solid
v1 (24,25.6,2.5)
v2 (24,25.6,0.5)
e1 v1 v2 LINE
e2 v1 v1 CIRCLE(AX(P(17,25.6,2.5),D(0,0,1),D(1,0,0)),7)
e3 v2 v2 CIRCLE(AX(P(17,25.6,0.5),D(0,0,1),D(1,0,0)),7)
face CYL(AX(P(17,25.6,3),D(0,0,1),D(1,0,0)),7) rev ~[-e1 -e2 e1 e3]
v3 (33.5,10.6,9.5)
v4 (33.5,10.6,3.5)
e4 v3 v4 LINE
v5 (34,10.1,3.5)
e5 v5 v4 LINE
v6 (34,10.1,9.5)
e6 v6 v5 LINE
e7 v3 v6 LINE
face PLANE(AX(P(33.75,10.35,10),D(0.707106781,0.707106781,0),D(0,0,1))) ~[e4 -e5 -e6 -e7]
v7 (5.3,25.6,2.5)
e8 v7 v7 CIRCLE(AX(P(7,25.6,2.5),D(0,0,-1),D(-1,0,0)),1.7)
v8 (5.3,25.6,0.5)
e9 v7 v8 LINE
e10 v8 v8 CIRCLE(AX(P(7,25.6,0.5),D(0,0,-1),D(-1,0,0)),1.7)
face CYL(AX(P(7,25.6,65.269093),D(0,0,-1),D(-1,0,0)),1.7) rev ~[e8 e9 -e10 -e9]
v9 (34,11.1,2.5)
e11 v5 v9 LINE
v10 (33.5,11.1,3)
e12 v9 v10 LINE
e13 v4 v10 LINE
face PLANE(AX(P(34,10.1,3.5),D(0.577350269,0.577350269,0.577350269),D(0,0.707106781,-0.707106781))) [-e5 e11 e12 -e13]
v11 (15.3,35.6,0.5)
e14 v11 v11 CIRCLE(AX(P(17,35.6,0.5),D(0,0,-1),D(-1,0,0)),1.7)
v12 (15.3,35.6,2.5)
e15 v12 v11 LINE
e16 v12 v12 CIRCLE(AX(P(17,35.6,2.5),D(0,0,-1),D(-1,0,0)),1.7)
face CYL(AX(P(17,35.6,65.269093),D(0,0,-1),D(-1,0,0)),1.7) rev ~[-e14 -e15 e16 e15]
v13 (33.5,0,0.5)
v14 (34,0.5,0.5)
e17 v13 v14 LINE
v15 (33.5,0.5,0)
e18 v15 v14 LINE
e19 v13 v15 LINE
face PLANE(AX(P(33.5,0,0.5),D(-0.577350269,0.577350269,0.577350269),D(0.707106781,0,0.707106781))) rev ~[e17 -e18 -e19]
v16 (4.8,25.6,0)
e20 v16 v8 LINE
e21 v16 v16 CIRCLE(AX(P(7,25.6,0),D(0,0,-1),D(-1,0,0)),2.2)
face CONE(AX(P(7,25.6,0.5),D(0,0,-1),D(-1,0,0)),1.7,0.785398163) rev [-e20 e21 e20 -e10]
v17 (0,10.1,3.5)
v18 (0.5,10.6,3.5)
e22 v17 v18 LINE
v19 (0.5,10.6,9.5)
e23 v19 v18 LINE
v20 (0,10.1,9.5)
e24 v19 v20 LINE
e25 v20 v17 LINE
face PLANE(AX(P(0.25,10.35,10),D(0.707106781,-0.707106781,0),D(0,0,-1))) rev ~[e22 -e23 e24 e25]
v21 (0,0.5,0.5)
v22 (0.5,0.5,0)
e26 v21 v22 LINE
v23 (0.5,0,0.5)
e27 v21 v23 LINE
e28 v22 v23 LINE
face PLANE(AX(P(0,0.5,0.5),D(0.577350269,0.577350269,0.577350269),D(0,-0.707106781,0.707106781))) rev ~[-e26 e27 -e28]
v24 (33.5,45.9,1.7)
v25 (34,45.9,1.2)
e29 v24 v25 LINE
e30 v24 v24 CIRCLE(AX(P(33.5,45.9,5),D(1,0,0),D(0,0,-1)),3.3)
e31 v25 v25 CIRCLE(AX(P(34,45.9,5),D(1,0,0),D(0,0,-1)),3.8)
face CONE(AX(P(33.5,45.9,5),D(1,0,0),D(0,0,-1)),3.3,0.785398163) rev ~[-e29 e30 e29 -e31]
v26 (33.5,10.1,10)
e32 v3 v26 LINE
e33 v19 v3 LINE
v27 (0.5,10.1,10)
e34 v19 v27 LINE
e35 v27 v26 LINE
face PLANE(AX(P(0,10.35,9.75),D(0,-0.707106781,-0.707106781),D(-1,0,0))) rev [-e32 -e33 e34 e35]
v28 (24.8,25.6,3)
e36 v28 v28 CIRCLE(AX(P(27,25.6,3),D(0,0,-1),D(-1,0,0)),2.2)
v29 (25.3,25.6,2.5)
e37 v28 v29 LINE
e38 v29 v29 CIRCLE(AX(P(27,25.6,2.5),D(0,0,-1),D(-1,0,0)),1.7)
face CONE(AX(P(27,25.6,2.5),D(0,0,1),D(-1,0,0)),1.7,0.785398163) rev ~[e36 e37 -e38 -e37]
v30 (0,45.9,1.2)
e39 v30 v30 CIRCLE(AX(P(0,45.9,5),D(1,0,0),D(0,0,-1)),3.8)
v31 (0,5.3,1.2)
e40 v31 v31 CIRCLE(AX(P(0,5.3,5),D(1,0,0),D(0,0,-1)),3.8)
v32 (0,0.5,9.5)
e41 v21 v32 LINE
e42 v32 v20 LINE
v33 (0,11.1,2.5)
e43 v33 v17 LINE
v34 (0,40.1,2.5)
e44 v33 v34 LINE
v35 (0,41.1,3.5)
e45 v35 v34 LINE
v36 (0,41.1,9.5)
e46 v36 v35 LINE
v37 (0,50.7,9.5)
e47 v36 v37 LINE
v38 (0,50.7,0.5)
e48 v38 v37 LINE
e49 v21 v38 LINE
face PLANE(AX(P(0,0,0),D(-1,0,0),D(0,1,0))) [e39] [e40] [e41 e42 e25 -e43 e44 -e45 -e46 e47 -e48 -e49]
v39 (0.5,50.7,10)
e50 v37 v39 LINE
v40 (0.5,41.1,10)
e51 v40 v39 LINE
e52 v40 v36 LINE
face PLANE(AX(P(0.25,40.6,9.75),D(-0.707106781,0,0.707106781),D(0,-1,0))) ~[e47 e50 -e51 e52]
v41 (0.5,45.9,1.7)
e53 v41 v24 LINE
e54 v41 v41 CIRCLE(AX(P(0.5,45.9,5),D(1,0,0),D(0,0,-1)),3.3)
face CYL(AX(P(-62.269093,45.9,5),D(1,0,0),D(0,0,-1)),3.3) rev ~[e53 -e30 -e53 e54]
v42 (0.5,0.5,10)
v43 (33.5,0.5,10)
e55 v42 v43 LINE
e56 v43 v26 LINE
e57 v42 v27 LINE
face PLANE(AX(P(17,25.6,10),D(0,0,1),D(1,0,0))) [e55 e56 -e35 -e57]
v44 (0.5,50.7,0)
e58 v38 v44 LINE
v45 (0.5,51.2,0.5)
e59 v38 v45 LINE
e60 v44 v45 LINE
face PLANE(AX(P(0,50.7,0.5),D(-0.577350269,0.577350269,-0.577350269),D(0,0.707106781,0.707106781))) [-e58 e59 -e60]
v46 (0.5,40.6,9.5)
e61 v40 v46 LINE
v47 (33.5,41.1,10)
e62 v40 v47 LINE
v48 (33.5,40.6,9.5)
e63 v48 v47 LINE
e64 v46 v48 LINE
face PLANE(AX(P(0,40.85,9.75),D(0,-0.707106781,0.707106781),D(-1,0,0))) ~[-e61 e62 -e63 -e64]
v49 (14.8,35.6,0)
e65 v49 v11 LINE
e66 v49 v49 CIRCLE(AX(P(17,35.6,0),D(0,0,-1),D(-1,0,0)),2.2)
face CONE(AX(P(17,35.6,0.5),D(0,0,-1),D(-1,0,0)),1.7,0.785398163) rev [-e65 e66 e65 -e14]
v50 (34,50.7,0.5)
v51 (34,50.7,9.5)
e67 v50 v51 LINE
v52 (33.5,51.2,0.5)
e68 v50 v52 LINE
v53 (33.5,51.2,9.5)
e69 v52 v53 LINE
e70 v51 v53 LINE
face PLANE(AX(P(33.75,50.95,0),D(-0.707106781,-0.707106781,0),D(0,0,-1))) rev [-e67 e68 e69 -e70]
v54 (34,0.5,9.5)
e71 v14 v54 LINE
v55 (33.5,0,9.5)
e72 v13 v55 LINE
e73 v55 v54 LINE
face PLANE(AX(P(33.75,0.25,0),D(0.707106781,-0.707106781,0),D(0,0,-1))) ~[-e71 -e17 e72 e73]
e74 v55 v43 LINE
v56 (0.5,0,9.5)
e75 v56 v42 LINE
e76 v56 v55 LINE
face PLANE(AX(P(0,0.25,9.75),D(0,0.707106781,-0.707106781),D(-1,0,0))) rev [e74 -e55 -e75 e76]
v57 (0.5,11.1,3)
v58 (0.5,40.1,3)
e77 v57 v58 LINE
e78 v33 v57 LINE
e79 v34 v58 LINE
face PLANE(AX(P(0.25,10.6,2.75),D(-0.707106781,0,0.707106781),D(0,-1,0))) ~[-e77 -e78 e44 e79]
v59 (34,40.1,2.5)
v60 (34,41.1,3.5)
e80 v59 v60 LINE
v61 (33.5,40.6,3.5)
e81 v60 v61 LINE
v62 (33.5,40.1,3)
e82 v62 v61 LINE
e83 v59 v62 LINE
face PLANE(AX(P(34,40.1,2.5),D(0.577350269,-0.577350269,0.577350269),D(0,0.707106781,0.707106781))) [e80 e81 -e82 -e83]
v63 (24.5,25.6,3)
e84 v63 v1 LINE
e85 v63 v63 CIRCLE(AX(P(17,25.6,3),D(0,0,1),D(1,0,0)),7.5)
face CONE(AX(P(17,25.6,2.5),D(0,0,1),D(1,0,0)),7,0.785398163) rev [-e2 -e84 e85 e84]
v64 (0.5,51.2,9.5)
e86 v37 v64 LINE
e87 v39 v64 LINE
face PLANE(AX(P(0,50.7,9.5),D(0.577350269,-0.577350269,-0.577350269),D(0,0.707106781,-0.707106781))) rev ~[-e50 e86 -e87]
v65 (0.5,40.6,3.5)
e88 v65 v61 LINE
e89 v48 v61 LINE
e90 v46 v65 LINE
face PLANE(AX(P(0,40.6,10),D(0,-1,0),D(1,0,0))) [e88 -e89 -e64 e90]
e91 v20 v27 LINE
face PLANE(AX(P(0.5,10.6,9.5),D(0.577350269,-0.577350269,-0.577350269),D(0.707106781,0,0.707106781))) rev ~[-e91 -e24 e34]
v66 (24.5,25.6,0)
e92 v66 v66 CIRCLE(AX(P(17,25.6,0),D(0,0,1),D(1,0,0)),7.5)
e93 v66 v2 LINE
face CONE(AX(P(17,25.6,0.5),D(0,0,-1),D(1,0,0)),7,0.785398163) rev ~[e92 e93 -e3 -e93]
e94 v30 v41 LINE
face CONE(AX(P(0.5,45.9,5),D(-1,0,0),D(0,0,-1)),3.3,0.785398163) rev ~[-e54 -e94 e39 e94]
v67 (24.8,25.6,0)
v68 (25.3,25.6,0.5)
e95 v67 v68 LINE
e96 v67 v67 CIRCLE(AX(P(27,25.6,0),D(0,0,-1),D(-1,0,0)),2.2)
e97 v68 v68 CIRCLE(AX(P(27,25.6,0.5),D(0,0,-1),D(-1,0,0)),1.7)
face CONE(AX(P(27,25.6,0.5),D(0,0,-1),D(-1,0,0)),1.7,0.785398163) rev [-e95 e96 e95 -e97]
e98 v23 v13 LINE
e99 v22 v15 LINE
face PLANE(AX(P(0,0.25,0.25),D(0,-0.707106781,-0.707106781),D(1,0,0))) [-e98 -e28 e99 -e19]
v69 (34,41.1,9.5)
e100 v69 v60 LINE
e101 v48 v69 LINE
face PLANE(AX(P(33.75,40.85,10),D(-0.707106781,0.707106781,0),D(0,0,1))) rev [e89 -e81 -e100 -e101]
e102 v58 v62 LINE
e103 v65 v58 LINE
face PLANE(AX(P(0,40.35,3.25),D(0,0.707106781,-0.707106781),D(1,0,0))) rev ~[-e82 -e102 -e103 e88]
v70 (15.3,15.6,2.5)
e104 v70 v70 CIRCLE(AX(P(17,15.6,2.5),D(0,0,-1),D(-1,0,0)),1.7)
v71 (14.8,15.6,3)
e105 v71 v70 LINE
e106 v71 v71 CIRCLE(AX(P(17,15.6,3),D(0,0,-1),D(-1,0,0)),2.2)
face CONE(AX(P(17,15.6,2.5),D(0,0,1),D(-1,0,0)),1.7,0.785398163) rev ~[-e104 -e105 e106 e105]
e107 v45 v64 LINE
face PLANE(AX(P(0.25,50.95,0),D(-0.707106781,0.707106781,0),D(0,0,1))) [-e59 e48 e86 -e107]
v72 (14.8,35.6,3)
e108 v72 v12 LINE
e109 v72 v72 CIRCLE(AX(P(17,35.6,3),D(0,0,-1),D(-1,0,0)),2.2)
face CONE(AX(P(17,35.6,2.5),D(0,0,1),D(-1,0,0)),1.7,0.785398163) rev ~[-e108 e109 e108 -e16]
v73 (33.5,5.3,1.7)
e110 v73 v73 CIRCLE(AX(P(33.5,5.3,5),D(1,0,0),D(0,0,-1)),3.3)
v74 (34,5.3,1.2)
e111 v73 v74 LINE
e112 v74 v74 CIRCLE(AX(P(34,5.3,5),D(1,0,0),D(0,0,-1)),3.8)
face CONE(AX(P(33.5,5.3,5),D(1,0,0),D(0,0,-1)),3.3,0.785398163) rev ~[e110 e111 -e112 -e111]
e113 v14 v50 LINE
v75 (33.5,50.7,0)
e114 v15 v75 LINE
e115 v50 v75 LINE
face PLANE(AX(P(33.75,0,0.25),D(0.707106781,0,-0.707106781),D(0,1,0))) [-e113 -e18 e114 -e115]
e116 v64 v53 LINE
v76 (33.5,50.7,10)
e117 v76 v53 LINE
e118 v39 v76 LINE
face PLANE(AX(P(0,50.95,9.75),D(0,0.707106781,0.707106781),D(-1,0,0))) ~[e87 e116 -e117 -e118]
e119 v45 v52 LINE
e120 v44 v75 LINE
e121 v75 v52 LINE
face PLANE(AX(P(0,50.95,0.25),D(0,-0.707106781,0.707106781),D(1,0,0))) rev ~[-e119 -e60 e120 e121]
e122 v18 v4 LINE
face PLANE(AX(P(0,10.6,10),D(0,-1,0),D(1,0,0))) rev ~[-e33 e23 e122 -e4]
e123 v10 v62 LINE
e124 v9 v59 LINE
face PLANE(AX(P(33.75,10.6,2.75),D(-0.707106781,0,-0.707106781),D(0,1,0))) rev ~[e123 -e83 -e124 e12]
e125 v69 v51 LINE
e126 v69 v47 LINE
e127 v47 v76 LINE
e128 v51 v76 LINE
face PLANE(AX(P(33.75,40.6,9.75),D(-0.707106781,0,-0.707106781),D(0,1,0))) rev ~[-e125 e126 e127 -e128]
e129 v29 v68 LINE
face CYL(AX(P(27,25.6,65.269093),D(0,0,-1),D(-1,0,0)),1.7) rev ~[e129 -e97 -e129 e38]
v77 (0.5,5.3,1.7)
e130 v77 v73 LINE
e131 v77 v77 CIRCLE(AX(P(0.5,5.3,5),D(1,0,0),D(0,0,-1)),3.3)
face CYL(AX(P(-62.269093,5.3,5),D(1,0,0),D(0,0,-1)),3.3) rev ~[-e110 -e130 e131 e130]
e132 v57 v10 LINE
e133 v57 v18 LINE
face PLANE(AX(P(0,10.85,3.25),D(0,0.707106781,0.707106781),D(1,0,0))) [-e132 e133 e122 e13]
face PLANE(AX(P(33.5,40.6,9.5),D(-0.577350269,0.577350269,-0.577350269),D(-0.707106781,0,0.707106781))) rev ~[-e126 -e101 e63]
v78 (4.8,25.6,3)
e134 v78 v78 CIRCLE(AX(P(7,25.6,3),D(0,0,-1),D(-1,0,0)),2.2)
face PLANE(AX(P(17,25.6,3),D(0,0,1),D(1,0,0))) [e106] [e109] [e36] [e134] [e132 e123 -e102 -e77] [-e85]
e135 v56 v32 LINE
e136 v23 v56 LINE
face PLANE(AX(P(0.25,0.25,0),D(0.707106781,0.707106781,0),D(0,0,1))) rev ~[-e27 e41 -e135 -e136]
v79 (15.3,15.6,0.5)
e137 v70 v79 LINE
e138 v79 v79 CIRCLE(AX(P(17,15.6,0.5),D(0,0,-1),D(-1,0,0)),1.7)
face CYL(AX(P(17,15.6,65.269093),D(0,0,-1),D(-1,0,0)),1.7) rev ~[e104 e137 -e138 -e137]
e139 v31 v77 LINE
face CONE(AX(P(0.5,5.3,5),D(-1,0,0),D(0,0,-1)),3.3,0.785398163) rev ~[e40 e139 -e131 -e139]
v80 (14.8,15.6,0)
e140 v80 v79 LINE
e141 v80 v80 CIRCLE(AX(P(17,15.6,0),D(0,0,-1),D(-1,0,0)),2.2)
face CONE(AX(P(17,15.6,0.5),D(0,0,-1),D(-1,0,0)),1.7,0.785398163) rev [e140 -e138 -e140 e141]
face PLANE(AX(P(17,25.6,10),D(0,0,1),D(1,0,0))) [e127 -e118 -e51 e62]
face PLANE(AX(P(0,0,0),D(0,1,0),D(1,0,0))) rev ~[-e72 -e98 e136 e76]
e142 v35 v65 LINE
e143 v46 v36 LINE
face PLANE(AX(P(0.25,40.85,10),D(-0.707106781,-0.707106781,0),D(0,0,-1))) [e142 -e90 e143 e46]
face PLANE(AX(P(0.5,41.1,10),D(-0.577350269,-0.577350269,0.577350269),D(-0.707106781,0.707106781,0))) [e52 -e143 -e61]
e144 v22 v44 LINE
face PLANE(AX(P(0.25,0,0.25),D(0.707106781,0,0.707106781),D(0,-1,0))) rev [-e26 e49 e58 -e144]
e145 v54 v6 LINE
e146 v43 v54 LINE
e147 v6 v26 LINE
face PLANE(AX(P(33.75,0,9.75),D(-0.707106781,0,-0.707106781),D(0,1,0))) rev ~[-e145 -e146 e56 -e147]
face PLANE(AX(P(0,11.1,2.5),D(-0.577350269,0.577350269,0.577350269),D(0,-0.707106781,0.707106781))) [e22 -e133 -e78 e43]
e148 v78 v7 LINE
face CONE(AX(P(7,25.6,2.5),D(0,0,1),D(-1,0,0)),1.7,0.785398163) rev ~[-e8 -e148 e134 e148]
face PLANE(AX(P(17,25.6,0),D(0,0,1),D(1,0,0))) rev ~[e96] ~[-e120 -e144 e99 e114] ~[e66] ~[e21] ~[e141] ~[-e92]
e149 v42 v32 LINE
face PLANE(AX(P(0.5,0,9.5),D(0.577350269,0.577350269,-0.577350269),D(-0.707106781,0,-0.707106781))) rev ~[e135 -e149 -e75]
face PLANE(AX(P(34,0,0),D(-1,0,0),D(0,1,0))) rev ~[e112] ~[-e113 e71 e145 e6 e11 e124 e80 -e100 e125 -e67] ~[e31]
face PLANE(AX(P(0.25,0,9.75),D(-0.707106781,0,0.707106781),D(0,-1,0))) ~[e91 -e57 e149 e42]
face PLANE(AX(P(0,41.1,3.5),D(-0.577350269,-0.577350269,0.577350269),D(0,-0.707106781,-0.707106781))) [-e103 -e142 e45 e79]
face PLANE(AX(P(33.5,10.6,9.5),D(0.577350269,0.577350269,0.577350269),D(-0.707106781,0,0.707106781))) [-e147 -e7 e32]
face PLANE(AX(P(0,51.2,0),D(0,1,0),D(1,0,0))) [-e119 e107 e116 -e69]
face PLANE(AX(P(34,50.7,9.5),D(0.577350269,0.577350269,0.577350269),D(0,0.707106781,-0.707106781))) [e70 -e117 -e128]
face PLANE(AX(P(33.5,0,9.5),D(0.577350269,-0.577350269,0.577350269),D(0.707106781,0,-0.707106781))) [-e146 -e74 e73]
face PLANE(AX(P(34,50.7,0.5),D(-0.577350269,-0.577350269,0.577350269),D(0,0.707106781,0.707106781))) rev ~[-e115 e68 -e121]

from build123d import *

# Parameters (mm, degrees)
ESQUISSE1_W             = 34
ESQUISSE1_H             = 51.2
BOSS_EXTRU_1_DEPTH      = 10
ESQUISSE4_W             = 34
ESQUISSE4_H             = 30
ENL_V_MAT_EXTRU_1_DEPTH = 7
ESQUISSE5_R             = 7
ENL_V_MAT_EXTRU_2_DEPTH = 62.858224999
D_GAGEMENT_M62_D        = 6.6
D_GAGEMENT_M31_D        = 3.4
CHANFREIN1_SIZE         = 0.5


with BuildPart() as part:
    # Esquisse1 → Boss.-Extru.1 (new body)
    with BuildSketch(Plane.XY):
        with Locations((17, 25.6)):
            Rectangle(ESQUISSE1_W, ESQUISSE1_H)
    extrude(amount=BOSS_EXTRU_1_DEPTH)

    # Esquisse4 → Enlèv. mat.-Extru.1 (cut)
    with BuildSketch(Plane.XY.offset(10)):
        with Locations((17, 25.6)):
            Rectangle(ESQUISSE4_W, ESQUISSE4_H)
    extrude(amount=-ENL_V_MAT_EXTRU_1_DEPTH, mode=Mode.SUBTRACT)

    # Esquisse5 → Enlèv. mat.-Extru.2 (cut, through all)
    with BuildSketch(Plane.XY.offset(3)):
        with Locations((17, 25.6)):
            Circle(ESQUISSE5_R)
    extrude(amount=-ENL_V_MAT_EXTRU_2_DEPTH, mode=Mode.SUBTRACT)

    # Dégagement M62 (through all)
    with Locations(Plane.ZY):
        with Locations((5, 45.9), (5, 5.3)):
            Hole(D_GAGEMENT_M62_D / 2)

    # Dégagement M31 (through all)
    with Locations(Plane.XY.offset(3)):
        with Locations((17, 35.6), (7, 25.6), (17, 15.6), (27, 25.6)):
            Hole(D_GAGEMENT_M31_D / 2)

    # Chanfrein1
    chanfrein1_edges = [part.edges().sort_by_distance(p)[0] for p in [
        (34, 5.3, 10),
        (17, 51.2, 10),
        (0, 5.3, 10),
        (34, 45.9, 10),
        (0, 25.6, 3),
        (0, 10.6, 6.5),
        (17, 40.6, 3),
        (0, 40.6, 6.5),
        (34, 25.6, 3),
        (34, 40.6, 6.5),
        (17, 10.6, 3),
        (34, 10.6, 6.5),
        (17, 10.6, 10),
        (17, 40.6, 10),
        (10, 25.6, 0),
        (10, 25.6, 3),
        (0, 5.3, 8.3),
        (34, 5.3, 8.3),
        (0, 45.9, 10),
        (0, 45.9, 8.3),
        (34, 45.9, 8.3),
        (17, 51.2, 0),
        (34, 25.6, 0),
        (28.7, 25.6, 3),
        (28.7, 25.6, 0),
        (17, 0, 0),
        (18.7, 15.6, 3),
        (18.7, 15.6, 0),
        (0, 25.6, 0),
        (8.7, 25.6, 3),
        (8.7, 25.6, 0),
        (18.7, 35.6, 3),
        (18.7, 35.6, 0),
        (17, 0, 10),
        (0, 51.2, 5),
        (34, 51.2, 5),
        (34, 0, 5),
        (0, 0, 5),
    ]]
    chamfer(chanfrein1_edges, length=CHANFREIN1_SIZE)


solid = part.part
